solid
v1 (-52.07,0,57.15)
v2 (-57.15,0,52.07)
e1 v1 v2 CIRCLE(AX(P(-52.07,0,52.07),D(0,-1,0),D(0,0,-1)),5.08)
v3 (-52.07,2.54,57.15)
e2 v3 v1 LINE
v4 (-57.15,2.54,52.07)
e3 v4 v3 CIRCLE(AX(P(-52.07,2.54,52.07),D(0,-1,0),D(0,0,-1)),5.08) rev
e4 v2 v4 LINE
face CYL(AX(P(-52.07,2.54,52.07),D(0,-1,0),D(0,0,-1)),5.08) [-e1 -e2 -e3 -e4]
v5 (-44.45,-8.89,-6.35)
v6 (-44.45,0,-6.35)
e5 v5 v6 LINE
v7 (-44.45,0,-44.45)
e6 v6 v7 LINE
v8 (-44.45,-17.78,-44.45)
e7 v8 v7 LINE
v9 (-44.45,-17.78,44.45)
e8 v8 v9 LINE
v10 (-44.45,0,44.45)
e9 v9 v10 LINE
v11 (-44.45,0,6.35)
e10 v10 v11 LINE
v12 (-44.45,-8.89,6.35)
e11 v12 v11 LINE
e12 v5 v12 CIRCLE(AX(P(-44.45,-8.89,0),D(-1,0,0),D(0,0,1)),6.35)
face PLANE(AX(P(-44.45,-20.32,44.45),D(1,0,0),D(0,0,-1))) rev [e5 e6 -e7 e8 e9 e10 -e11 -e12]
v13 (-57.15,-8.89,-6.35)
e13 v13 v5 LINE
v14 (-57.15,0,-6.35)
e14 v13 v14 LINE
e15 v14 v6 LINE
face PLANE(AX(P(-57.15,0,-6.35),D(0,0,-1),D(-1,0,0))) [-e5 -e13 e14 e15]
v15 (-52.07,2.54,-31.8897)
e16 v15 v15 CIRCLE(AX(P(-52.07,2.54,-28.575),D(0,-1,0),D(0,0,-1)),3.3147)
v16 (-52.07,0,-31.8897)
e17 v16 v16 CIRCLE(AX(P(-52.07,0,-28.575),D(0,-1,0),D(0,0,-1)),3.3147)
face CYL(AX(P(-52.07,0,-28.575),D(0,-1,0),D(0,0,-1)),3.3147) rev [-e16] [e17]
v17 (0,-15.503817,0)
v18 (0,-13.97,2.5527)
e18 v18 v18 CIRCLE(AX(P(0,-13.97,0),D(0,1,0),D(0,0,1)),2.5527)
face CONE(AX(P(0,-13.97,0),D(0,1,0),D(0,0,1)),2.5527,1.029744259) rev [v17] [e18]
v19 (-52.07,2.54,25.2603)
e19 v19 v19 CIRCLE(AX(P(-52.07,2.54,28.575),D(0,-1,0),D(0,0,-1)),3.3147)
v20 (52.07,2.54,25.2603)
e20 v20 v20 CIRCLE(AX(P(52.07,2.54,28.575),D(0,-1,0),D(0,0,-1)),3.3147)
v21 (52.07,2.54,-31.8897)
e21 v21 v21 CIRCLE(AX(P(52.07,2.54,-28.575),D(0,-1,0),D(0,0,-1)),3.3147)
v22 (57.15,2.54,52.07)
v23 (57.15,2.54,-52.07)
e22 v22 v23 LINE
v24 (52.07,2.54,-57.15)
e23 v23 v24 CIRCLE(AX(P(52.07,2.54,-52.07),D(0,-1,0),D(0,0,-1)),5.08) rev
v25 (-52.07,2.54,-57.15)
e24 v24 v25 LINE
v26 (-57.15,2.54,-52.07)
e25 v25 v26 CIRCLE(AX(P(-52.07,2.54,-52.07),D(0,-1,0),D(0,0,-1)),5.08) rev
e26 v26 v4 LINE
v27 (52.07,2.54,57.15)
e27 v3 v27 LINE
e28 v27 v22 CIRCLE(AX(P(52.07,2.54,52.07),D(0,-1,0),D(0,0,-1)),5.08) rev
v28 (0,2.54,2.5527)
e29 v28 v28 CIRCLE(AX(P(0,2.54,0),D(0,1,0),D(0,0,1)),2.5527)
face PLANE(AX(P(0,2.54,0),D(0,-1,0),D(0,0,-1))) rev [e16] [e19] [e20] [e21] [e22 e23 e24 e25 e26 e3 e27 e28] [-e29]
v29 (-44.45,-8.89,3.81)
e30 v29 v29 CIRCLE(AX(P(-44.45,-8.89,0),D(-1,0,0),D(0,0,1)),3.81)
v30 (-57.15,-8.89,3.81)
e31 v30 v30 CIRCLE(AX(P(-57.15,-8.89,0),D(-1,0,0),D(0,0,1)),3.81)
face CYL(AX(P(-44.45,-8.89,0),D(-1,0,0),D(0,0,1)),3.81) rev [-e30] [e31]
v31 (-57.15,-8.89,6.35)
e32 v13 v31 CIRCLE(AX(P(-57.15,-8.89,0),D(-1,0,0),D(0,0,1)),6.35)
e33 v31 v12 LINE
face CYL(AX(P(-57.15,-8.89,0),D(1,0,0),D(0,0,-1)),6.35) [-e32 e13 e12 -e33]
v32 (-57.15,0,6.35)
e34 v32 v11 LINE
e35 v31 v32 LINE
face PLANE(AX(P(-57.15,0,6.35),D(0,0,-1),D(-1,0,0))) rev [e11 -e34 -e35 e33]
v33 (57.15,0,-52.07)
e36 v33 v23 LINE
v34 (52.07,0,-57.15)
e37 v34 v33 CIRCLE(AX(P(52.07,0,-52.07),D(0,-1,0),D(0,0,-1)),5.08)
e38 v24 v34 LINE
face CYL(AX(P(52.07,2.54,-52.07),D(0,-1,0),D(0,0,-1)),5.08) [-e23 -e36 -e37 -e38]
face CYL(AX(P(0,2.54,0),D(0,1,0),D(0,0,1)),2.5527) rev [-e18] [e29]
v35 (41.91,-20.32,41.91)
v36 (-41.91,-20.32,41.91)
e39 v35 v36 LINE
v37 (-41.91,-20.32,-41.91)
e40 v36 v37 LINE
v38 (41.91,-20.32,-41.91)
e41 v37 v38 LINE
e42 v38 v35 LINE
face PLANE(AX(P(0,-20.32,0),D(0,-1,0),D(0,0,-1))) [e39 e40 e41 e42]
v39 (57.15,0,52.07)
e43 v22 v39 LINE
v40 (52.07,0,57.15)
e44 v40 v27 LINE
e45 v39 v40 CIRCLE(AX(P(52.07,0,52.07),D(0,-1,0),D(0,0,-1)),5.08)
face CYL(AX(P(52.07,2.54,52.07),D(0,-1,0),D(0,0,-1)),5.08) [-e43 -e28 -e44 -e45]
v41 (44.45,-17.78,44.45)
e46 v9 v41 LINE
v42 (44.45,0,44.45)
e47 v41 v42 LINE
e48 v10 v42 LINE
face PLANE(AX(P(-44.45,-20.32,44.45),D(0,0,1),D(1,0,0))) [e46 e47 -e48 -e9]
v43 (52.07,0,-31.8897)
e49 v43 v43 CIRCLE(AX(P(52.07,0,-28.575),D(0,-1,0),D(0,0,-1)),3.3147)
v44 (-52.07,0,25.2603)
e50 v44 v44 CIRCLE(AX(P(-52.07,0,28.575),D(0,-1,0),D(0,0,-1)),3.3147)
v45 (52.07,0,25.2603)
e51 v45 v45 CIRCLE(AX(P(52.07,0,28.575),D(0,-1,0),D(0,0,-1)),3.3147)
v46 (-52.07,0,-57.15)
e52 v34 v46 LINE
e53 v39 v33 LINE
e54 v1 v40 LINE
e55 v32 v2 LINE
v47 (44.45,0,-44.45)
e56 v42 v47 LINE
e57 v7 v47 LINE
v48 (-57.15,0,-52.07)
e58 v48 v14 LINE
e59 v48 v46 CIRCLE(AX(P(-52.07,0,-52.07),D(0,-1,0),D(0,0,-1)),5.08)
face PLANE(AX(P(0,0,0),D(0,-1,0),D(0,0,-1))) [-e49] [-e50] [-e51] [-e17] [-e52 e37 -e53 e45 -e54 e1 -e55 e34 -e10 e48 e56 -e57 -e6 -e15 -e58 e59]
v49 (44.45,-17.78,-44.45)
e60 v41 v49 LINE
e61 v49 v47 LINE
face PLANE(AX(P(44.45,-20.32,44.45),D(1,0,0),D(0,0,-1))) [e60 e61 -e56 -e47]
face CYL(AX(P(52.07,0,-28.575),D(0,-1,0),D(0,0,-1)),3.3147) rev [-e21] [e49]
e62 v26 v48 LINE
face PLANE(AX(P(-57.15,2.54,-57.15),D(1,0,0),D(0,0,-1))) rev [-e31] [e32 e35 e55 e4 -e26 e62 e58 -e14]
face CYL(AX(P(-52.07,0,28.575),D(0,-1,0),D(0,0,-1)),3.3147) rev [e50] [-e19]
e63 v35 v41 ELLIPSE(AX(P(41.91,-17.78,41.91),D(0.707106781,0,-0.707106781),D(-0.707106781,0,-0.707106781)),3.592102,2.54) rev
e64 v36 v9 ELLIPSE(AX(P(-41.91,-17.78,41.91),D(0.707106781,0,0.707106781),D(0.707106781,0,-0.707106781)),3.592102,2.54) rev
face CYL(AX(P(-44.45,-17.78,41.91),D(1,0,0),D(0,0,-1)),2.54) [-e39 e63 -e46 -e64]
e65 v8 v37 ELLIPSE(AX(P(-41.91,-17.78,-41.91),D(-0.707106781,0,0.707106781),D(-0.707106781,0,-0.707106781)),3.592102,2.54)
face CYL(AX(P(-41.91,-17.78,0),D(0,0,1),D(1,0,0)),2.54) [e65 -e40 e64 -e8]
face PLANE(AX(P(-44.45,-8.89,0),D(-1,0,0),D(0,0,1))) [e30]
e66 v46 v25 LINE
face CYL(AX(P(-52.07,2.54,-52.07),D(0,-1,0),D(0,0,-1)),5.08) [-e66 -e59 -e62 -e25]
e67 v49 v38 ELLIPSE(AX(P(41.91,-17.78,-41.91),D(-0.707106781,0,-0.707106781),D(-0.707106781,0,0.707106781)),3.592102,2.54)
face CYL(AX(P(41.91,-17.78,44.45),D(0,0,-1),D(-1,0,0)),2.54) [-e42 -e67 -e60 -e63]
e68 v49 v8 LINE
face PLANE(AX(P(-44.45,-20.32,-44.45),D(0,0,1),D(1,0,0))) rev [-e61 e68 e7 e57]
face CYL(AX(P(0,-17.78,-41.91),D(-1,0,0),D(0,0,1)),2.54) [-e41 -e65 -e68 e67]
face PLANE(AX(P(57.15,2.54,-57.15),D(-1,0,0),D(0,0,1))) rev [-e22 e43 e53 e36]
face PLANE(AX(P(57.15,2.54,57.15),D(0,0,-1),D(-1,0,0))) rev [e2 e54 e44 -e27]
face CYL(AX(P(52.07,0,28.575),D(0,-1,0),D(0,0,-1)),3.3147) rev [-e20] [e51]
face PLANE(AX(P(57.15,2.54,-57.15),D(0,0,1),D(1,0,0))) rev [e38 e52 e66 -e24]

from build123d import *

# Parameters (mm, degrees)
SKETCH1_W                   = 114.3
SKETCH1_H                   = 114.3
BOSS_EXTRUDE1_DEPTH         = 2.54
SKETCH2_W                   = 88.9
SKETCH2_H                   = 88.9
BOSS_EXTRUDE2_DEPTH         = 20.32
G_0_261_DIAMETER_HOLE1_D    = 6.6294
FILLET1_R                   = 2.54
FILLET2_R                   = 5.08
BOSS_EXTRUDE3_DEPTH         = 12.7
SKETCH8_R                   = 3.81
CUT_EXTRUDE1_DEPTH          = 12.7
F_1_4_20_TAPPED_HOLE1_D     = 5.1054
F_1_4_20_TAPPED_HOLE1_DEPTH = 16.51
F_1_4_20_TAPPED_HOLE1_TIP   = 1.533816902


with BuildPart() as part:
    # Sketch1 → Boss-Extrude1 (new body)
    with BuildSketch(Plane(origin=(0, 0, 0), x_dir=(1, 0, 0), z_dir=(0, 1, 0))):
        Rectangle(SKETCH1_W, SKETCH1_H)
    extrude(amount=BOSS_EXTRUDE1_DEPTH)

    # Sketch2 → Boss-Extrude2 (add)
    with BuildSketch(Plane.XZ):
        Rectangle(SKETCH2_W, SKETCH2_H)
    extrude(amount=BOSS_EXTRUDE2_DEPTH)

    # G (0.261) Diameter Hole1 (through all)
    with Locations(Plane(origin=(0, 0, 0), x_dir=(-1, 0, 0), z_dir=(0, -1, 0))):
        with Locations((52.07, -28.575), (52.07, 28.575), (-52.07, -28.575), (-52.07, 28.575)):
            Hole(G_0_261_DIAMETER_HOLE1_D / 2)

    # Fillet1
    fillet1_edges = [part.edges().sort_by_distance(p)[0] for p in [
        (44.45, -20.32, 0),
        (0, -20.32, 44.45),
        (-44.45, -20.32, 0),
        (0, -20.32, -44.45),
    ]]
    fillet(fillet1_edges, radius=FILLET1_R)

    # Fillet2
    fillet2_edges = [part.edges().sort_by_distance(p)[0] for p in [
        (-57.15, 1.27, -57.15),
        (57.15, 1.27, -57.15),
        (57.15, 1.27, 57.15),
        (-57.15, 1.27, 57.15),
    ]]
    fillet(fillet2_edges, radius=FILLET2_R)

    # Sketch5 → Boss-Extrude3 (add)
    with BuildSketch(Plane.ZY.offset(44.45)):
        with BuildLine():
            ThreePointArc((-6.35, -8.89), (0, -15.24), (6.35, -8.89))
            Line((6.35, -8.89), (-6.35, -8.89))
        make_face()
        with BuildLine():
            Line((-6.35, -8.89), (6.35, -8.89))
            ThreePointArc((6.35, -8.89), (0, -2.54), (-6.35, -8.89))
        make_face()
        with BuildLine():
            ThreePointArc((-6.35, -8.89), (0, -2.54), (6.35, -8.89))
            Line((6.35, -8.89), (6.35, 0))
            Line((6.35, 0), (-6.35, 0))
            Line((-6.35, 0), (-6.35, -8.89))
        make_face()
    extrude(amount=BOSS_EXTRUDE3_DEPTH)

    # Sketch8 → Cut-Extrude1 (cut)
    with BuildSketch(Plane.ZY.offset(57.15)):
        with Locations((0, -8.89)):
            Circle(SKETCH8_R)
    extrude(amount=-CUT_EXTRUDE1_DEPTH, mode=Mode.SUBTRACT)

    # 1/4-20 Tapped Hole1
    with Locations(Plane(origin=(0, 2.54, 0), x_dir=(1, 0, 0), z_dir=(0, 1, 0))):
        with Locations((0, 0)):
            Hole(F_1_4_20_TAPPED_HOLE1_D / 2, depth=F_1_4_20_TAPPED_HOLE1_DEPTH)
            with Locations((0, 0, -(F_1_4_20_TAPPED_HOLE1_DEPTH + F_1_4_20_TAPPED_HOLE1_TIP / 2))):  # 118° drill point
                Cone(0, F_1_4_20_TAPPED_HOLE1_D / 2, F_1_4_20_TAPPED_HOLE1_TIP, mode=Mode.SUBTRACT)


solid = part.part
